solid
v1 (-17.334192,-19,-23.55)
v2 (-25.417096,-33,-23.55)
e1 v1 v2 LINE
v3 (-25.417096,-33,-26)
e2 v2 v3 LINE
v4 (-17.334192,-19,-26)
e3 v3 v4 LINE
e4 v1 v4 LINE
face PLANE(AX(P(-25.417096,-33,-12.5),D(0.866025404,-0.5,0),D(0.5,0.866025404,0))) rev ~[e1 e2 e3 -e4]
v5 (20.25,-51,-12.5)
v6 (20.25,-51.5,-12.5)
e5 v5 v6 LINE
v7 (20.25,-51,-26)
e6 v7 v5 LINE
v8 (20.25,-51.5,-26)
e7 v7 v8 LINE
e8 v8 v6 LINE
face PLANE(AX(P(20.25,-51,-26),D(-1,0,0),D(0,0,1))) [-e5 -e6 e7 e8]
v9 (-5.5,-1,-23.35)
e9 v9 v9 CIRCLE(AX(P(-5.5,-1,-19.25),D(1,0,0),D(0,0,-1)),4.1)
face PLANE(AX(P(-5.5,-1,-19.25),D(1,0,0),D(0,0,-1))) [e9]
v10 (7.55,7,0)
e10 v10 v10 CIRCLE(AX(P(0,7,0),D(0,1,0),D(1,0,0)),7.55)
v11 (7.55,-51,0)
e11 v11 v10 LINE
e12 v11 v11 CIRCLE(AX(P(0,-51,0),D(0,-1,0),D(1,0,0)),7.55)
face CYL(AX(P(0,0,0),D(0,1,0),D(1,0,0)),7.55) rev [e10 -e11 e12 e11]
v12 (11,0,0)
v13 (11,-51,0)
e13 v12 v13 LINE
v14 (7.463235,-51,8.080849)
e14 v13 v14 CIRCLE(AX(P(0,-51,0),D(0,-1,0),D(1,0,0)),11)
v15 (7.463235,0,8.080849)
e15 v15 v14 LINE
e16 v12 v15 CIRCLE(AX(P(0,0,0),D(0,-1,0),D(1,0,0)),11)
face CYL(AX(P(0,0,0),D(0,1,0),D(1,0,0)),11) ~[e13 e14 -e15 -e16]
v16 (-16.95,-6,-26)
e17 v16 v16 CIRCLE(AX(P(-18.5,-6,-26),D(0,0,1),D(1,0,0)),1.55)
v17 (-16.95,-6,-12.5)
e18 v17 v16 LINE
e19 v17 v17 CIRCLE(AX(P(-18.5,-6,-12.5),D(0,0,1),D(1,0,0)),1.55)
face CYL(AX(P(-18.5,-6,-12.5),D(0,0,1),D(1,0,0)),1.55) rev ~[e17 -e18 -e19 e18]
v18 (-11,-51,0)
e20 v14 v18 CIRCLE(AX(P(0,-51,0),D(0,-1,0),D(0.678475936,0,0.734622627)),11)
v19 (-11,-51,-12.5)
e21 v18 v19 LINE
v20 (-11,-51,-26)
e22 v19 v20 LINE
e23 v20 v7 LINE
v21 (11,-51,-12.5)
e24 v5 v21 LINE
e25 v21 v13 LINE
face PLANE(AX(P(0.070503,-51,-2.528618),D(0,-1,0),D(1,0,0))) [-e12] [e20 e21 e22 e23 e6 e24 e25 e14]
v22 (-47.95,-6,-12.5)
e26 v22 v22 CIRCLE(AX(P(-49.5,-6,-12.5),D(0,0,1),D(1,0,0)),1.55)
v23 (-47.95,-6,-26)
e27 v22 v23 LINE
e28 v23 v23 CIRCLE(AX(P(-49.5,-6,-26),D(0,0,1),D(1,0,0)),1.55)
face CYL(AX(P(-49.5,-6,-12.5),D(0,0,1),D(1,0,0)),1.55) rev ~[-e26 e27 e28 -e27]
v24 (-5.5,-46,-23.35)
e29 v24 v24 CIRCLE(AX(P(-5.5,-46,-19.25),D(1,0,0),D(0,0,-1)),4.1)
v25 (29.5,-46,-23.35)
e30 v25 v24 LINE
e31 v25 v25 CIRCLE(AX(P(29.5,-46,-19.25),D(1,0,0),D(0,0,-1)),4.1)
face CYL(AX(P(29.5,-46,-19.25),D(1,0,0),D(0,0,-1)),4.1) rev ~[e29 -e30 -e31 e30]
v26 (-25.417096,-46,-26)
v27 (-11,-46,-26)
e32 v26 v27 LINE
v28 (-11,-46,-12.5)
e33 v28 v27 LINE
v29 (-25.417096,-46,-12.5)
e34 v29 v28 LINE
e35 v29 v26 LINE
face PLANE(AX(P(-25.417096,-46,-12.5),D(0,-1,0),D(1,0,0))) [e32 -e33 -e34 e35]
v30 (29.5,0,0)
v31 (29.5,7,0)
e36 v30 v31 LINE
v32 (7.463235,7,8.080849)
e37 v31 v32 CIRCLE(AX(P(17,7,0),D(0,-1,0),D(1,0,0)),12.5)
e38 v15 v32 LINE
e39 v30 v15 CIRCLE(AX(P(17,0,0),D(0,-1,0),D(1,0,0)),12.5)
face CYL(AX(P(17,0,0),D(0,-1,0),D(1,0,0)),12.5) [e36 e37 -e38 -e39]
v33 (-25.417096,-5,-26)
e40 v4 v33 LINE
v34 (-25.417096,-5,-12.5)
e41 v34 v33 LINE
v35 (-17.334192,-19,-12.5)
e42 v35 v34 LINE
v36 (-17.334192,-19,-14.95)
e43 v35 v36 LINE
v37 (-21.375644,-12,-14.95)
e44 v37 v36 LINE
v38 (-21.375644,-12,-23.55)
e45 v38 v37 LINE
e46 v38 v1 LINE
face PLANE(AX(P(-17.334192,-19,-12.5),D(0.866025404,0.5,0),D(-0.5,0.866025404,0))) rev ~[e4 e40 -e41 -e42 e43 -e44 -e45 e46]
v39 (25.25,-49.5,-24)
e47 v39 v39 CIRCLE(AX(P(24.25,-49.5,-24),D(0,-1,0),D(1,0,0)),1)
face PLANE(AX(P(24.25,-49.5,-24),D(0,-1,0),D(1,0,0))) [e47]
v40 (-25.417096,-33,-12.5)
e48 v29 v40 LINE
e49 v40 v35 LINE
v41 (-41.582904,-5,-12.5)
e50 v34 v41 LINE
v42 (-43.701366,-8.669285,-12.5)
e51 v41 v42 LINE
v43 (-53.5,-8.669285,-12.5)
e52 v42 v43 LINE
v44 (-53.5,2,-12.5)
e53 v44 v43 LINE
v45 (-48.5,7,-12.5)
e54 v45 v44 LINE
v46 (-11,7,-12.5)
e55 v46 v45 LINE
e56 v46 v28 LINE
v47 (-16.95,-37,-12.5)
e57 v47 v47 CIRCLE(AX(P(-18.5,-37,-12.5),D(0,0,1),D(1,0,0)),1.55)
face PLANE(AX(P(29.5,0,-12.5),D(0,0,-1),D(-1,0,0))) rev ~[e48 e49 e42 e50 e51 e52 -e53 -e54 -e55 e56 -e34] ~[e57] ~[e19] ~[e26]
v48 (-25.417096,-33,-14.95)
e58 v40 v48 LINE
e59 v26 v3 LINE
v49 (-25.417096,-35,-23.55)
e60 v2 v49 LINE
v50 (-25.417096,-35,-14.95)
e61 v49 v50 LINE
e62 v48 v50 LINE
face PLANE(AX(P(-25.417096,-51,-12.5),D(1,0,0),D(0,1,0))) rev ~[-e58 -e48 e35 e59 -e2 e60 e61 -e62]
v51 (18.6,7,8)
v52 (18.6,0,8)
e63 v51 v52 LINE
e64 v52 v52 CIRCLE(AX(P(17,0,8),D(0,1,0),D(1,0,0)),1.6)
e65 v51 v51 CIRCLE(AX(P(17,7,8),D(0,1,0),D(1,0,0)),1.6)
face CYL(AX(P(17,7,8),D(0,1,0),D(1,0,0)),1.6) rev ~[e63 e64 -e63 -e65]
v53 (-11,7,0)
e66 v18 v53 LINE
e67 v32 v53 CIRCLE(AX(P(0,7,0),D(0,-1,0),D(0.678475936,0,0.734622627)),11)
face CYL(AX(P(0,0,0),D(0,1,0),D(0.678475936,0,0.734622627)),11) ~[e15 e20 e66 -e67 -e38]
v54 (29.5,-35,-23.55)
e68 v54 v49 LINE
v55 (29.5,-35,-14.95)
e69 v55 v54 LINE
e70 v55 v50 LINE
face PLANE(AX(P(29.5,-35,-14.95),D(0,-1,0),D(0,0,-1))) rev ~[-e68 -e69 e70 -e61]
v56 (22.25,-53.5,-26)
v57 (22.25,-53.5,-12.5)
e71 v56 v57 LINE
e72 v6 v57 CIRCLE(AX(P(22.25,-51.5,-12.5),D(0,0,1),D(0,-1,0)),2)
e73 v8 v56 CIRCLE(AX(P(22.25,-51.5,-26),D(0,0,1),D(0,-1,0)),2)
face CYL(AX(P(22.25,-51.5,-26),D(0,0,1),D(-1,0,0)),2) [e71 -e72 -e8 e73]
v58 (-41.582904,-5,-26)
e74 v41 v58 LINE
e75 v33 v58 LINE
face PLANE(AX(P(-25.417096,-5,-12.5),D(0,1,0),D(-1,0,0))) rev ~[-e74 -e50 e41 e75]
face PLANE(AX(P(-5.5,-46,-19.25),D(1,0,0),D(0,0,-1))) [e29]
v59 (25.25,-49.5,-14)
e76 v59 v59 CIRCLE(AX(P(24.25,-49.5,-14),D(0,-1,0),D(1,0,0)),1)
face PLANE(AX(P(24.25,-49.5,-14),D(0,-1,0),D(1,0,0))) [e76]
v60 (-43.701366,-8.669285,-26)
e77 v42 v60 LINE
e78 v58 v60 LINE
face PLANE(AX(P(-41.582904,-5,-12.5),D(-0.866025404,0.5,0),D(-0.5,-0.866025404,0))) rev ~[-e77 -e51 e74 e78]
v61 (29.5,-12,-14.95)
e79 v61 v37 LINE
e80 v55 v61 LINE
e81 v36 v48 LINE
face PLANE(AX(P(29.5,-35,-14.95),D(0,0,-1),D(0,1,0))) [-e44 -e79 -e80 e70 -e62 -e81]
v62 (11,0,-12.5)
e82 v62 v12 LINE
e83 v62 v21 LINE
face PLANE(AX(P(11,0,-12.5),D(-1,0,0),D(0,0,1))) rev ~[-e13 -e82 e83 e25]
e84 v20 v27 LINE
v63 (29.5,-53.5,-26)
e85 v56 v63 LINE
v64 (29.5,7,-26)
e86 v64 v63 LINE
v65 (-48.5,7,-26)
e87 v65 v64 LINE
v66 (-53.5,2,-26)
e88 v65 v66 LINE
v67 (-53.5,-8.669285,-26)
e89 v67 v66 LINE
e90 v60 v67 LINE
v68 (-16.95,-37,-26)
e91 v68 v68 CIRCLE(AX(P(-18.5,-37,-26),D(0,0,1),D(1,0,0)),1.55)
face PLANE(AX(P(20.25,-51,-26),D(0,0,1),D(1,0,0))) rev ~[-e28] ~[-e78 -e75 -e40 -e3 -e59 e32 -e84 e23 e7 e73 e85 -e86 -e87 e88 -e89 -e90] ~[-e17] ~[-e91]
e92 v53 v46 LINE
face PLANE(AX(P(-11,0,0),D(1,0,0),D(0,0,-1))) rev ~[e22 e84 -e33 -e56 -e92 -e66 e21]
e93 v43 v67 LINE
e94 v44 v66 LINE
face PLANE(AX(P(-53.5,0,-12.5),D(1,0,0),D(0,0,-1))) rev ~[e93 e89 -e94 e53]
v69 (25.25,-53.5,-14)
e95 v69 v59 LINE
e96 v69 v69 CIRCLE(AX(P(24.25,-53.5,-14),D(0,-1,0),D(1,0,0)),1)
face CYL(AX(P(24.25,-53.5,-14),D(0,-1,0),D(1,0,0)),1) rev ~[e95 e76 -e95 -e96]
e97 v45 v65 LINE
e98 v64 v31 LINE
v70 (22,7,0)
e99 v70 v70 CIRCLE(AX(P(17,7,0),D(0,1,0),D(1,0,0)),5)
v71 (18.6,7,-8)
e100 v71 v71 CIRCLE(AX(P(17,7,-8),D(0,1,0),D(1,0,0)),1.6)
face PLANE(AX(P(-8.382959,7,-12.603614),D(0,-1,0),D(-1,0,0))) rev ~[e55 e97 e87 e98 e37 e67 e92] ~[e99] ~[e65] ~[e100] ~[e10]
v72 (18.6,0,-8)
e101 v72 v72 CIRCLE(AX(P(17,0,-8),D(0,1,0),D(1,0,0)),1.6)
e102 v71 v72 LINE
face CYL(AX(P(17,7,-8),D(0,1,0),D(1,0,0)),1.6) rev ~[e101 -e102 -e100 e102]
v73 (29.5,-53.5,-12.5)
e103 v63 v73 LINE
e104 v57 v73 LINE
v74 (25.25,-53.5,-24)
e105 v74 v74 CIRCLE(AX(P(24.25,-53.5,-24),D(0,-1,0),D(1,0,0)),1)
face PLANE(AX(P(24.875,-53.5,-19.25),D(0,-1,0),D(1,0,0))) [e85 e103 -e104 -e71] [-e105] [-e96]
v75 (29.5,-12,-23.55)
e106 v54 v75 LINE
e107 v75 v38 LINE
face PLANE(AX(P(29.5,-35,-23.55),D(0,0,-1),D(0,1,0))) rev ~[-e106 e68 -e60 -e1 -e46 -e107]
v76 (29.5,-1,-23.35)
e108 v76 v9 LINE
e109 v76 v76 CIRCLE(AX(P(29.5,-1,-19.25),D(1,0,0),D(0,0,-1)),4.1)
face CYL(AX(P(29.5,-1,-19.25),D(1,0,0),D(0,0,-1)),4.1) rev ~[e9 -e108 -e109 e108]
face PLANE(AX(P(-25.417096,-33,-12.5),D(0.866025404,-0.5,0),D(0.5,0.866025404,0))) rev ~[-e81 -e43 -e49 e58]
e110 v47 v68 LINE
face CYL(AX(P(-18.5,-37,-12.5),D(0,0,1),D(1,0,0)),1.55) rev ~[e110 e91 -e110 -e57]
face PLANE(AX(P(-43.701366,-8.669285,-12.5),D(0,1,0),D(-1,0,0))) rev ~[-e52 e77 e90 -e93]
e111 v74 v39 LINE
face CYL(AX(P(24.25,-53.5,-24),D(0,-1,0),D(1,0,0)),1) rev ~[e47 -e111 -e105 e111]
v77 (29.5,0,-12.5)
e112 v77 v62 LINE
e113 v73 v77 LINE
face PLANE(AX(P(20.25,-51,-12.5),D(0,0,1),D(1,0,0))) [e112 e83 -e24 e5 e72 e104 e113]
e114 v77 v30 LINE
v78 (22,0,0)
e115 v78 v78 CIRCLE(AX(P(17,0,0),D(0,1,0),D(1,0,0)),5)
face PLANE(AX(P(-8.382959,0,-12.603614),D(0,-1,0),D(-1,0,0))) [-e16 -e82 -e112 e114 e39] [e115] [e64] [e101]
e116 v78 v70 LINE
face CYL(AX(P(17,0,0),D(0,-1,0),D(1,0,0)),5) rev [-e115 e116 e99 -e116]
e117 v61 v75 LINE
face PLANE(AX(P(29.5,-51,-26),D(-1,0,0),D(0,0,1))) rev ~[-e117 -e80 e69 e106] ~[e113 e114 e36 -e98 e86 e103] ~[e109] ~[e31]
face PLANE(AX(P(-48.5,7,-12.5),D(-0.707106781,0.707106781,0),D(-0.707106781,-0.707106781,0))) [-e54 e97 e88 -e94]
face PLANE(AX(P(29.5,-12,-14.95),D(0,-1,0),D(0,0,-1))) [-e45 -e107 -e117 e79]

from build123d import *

# Parameters (mm, degrees)
CROQUIS1_R              = 7.55
CROQUIS1_R_2            = 5
SALIENTE_EXTRUIR1_DEPTH = 7
SALIENTE_EXTRUIR2_DEPTH = 51
CROQUIS3_R              = 7.55
SALIENTE_EXTRUIR3_DEPTH = 51
CORTAR_EXTRUIR2_DEPTH   = 14.5
CROQUIS7_R              = 4.1
CORTAR_EXTRUIR3_DEPTH   = 35
CROQUIS8_W              = 8.6
CROQUIS8_H              = 23
CORTAR_EXTRUIR4_DEPTH   = 84
CROQUIS10_R             = 1.55
CORTAR_EXTRUIR7_DEPTH   = 14.5
CORTAR_EXTRUIR8_DEPTH   = 14.5
CROQUIS12_W             = 14.417096231
CROQUIS12_H             = 5
CORTAR_EXTRUIR9_DEPTH   = 14.5
CROQUIS13_W             = 9.25
CROQUIS13_H             = 13.5
SALIENTE_EXTRUIR4_DEPTH = 2.5
REDONDEO2_R             = 2
CROQUIS14_R             = 1
CORTAR_EXTRUIR10_DEPTH  = 4
CROQUIS15_R             = 1.6
CORTAR_EXTRUIR11_DEPTH  = 61.5


with BuildPart() as part:
    # Croquis1 → Saliente-Extruir1 (new body)
    with BuildSketch(Plane(origin=(0, 0, 0), x_dir=(1, 0, 0), z_dir=(0, 1, 0))):
        with BuildLine():
            Line((-11, 0), (-11, 12.5))
            Line((-11, 12.5), (-53.5, 12.5))
            Line((-53.5, 12.5), (-53.5, 26))
            Line((-53.5, 26), (29.5, 26))
            Line((29.5, 26), (29.5, 8))
            Line((29.5, 8), (29.5, 0))
            ThreePointArc((29.5, 0), (21.303512587, -11.735833137), (7.463235294, -8.0808489))
            ThreePointArc((7.463235294, -8.0808489), (-4.410465495, -10.077092543), (-11, 0))
        make_face()
        Circle(CROQUIS1_R, mode=Mode.SUBTRACT)
        with Locations((17, 0)):
            Circle(CROQUIS1_R_2, mode=Mode.SUBTRACT)
    extrude(amount=SALIENTE_EXTRUIR1_DEPTH)

    # Croquis2 → Saliente-Extruir2 (add)
    with BuildSketch(Plane.XZ):
        Polygon((29.5, -26), (29.5, -12.5), (-11, -12.5), (-53.5, -12.5), (-53.5, -26), align=None)
    extrude(amount=SALIENTE_EXTRUIR2_DEPTH)

    # Croquis3 → Saliente-Extruir3 (add)
    with BuildSketch(Plane.XZ):
        with BuildLine():
            Line((-11, 0), (-11, -12.5))
            Line((-11, -12.5), (11, -12.5))
            Line((11, -12.5), (11, 0))
            ThreePointArc((11, 0), (10.077092543, 4.410465495), (7.463235294, 8.0808489))
            ThreePointArc((7.463235294, 8.0808489), (-4.410465495, 10.077092543), (-11, 0))
        make_face()
        Circle(CROQUIS3_R, mode=Mode.SUBTRACT)
    extrude(amount=SALIENTE_EXTRUIR3_DEPTH)

    # Croquis5 → Cortar-Extruir2 (cut, through all)
    with BuildSketch(Plane.XY.offset(-12.5)):
        Polygon((-53.5, 7), (-48.5, 7), (-53.5, 2), align=None)
    extrude(amount=-CORTAR_EXTRUIR2_DEPTH, mode=Mode.SUBTRACT)

    # Croquis7 → Cortar-Extruir3 (cut)
    with BuildSketch(Plane(origin=(29.5, 0, 0), x_dir=(0, 0, -1), z_dir=(1, 0, 0))):
        with Locations((19.25, -1)):
            Circle(CROQUIS7_R)
        with Locations((19.25, -46)):
            Circle(CROQUIS7_R)
    extrude(amount=-CORTAR_EXTRUIR3_DEPTH, mode=Mode.SUBTRACT)

    # Croquis8 → Cortar-Extruir4 (cut, through all)
    with BuildSketch(Plane(origin=(29.5, 0, 0), x_dir=(0, 0, -1), z_dir=(1, 0, 0))):
        with Locations((19.25, -23.5)):
            Rectangle(CROQUIS8_W, CROQUIS8_H)
    extrude(amount=-CORTAR_EXTRUIR4_DEPTH, mode=Mode.SUBTRACT)

    # Croquis10 → Cortar-Extruir7 (cut, through all)
    with BuildSketch(Plane.XY.offset(-12.5)):
        with Locations((-49.5, -6)):
            Circle(CROQUIS10_R)
        with Locations((-18.5, -6)):
            Circle(CROQUIS10_R)
        with Locations((-18.5, -37)):
            Circle(CROQUIS10_R)
    extrude(amount=-CORTAR_EXTRUIR7_DEPTH, mode=Mode.SUBTRACT)

    # Croquis11 → Cortar-Extruir8 (cut, through all)
    with BuildSketch(Plane.XY.offset(-12.5)):
        Polygon((-53.5, -8.669284564), (-53.5, -51), (-25.417096231, -51), (-25.417096231, -33), (-17.334192463, -19), (-25.417096231, -5), (-41.582903769, -5), (-43.7013662, -8.669284564), align=None)
    extrude(amount=-CORTAR_EXTRUIR8_DEPTH, mode=Mode.SUBTRACT)

    # Croquis12 → Cortar-Extruir9 (cut, through all)
    with BuildSketch(Plane.XY.offset(-12.5)):
        with Locations((-18.208548116, -48.5)):
            Rectangle(CROQUIS12_W, CROQUIS12_H)
    extrude(amount=-CORTAR_EXTRUIR9_DEPTH, mode=Mode.SUBTRACT)

    # Croquis13 → Saliente-Extruir4 (add)
    with BuildSketch(Plane.XZ.offset(51)):
        with Locations((24.875, -19.25)):
            Rectangle(CROQUIS13_W, CROQUIS13_H)
    extrude(amount=SALIENTE_EXTRUIR4_DEPTH)

    # Redondeo2
    redondeo2_edges = [part.edges().sort_by_distance(p)[0] for p in [
        (20.25, -53.5, -19.25),
    ]]
    fillet(redondeo2_edges, radius=REDONDEO2_R)

    # Croquis14 → Cortar-Extruir10 (cut)
    with BuildSketch(Plane.XZ.offset(53.5)):
        with Locations((24.25, -14)):
            Circle(CROQUIS14_R)
        with Locations((24.25, -24)):
            Circle(CROQUIS14_R)
    extrude(amount=-CORTAR_EXTRUIR10_DEPTH, mode=Mode.SUBTRACT)

    # Croquis15 → Cortar-Extruir11 (cut, through all)
    with BuildSketch(Plane(origin=(0, 7, 0), x_dir=(1, 0, 0), z_dir=(0, 1, 0))):
        with Locations((17, 8)):
            Circle(CROQUIS15_R)
        with Locations((17, -8)):
            Circle(CROQUIS15_R)
    extrude(amount=-CORTAR_EXTRUIR11_DEPTH, mode=Mode.SUBTRACT)


solid = part.part
